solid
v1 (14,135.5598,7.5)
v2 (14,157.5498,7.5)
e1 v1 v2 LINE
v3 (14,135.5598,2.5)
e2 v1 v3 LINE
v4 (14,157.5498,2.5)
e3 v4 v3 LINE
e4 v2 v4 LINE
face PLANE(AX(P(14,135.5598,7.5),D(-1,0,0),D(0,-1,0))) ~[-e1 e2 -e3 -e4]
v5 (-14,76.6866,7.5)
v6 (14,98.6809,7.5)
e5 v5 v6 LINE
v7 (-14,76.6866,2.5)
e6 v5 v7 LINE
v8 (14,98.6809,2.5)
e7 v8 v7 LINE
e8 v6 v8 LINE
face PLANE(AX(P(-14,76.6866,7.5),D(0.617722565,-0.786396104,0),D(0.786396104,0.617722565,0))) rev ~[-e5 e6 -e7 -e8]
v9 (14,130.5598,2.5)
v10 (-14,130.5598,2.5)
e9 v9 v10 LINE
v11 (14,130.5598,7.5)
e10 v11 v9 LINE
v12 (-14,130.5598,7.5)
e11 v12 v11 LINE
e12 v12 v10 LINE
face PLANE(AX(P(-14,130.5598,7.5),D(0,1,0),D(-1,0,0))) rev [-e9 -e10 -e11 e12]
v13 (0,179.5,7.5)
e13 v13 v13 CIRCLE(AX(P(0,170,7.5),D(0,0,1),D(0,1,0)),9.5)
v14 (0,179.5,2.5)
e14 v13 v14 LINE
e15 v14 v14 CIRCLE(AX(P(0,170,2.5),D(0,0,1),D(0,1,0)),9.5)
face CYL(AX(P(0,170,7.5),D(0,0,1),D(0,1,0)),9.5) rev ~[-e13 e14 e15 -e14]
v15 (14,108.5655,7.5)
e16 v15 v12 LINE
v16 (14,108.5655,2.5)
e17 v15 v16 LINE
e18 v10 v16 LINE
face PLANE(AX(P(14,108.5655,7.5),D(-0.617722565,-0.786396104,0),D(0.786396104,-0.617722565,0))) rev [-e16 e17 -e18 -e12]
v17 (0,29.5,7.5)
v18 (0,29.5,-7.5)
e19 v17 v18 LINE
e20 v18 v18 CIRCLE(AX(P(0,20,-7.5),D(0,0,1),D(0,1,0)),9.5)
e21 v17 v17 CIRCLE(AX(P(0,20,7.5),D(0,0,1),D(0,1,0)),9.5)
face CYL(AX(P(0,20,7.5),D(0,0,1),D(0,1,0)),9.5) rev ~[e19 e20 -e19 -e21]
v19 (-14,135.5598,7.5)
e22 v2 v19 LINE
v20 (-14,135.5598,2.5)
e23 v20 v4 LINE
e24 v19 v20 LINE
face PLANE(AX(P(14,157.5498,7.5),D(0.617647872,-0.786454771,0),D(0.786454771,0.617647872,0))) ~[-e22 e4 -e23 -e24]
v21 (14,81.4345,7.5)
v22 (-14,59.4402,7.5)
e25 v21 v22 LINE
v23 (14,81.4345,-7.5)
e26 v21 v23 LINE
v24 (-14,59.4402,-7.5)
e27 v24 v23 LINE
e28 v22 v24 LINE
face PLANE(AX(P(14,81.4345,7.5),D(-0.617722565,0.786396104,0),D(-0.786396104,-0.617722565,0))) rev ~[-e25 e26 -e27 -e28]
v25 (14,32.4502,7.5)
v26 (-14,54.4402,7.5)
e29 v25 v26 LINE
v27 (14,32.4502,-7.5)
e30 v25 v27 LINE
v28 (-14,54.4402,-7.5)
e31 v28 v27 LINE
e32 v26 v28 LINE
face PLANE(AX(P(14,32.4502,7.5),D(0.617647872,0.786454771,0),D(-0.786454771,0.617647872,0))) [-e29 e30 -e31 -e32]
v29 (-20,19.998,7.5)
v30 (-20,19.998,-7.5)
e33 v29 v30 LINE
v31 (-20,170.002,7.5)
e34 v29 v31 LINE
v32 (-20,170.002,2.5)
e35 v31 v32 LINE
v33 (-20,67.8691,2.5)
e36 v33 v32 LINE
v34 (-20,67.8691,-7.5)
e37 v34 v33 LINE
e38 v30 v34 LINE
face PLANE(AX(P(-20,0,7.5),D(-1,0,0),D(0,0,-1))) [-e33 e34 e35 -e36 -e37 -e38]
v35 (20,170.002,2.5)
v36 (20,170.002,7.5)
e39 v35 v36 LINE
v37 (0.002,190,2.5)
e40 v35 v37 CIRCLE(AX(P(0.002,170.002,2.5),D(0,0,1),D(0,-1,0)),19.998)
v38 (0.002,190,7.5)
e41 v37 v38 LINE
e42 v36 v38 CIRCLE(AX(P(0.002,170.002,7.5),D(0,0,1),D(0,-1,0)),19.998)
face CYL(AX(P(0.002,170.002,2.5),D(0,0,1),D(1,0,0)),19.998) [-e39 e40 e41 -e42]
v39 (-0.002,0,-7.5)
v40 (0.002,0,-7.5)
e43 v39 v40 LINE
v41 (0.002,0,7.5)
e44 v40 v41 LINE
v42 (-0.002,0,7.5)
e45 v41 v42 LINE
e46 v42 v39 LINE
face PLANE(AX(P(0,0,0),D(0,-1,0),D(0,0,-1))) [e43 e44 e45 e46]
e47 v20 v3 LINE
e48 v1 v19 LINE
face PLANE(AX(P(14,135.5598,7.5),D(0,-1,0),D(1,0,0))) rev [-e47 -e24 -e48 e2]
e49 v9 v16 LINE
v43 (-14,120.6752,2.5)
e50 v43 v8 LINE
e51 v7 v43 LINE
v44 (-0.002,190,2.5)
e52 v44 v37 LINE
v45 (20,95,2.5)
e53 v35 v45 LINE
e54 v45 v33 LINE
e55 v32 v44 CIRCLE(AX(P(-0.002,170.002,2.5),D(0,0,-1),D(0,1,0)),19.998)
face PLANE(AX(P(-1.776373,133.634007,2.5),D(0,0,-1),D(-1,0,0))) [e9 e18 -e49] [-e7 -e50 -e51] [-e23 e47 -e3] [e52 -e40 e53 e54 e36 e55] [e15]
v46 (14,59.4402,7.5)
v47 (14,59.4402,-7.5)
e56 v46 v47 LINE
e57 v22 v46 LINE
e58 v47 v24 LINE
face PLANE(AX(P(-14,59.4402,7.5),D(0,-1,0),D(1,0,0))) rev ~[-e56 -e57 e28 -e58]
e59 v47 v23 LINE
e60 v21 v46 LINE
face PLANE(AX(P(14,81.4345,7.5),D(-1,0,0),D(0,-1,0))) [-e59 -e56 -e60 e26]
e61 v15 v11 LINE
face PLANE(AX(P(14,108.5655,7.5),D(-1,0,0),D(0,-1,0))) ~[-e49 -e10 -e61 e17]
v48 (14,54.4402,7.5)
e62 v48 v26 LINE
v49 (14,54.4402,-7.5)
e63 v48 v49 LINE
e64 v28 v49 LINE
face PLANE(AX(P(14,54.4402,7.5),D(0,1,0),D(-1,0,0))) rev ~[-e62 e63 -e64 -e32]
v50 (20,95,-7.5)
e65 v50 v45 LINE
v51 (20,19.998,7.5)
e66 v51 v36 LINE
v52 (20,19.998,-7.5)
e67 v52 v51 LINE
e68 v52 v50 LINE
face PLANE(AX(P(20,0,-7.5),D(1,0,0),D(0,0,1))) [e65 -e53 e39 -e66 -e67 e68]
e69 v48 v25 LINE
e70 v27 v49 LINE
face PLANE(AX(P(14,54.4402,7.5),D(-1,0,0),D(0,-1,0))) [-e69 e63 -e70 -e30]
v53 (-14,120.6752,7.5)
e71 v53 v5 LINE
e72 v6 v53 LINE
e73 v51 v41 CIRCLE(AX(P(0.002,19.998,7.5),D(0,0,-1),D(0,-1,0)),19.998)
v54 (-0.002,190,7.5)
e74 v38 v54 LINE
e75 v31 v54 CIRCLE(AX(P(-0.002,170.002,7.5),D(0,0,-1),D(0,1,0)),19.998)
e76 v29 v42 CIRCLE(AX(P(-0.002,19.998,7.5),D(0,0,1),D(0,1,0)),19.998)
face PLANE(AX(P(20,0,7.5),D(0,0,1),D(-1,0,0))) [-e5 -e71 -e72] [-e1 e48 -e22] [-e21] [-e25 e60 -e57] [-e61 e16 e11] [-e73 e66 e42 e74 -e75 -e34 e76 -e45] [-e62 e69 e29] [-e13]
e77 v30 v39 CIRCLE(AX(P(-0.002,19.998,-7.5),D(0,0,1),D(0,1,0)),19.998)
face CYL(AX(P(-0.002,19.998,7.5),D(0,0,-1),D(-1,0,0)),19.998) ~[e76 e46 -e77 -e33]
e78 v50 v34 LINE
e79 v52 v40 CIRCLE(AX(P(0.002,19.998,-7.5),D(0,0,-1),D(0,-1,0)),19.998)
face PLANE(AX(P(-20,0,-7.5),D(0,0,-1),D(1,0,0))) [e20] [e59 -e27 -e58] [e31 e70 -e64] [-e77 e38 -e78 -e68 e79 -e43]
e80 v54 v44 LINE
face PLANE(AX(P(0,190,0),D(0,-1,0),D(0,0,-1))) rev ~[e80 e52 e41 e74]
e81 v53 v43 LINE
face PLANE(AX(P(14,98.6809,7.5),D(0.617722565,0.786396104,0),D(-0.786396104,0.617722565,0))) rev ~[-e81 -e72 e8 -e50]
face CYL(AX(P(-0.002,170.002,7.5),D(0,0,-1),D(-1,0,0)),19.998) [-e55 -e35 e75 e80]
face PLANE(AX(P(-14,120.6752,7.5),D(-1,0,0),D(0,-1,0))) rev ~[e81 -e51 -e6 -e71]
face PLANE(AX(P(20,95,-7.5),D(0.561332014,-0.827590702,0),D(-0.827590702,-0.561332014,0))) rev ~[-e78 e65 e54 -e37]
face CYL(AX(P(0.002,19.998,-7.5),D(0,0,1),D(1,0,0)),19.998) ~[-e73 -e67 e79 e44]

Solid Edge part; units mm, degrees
sketch "Sketch1" plane through (0, 0, 0) normal (0, -1, 0) x (1, 0, 0)
  line L0 (20, 7.5) -> (-20, 7.5)
  line L1 (-20, 7.5) -> (-20, -7.5)
  line L2 (-20, -7.5) -> (20, -7.5)
  line L3 (20, -7.5) -> (20, 7.5)
extrude "Protrusion1" add sketch "Sketch1" against normal blind 190
sketch "Sketch2" plane through (0, 75, -7.5) normal (0, 0, -1) x (0, 1, 0)
  line L0 (20, 20) -> (-7.1309, -20)
  line L1 (-7.1309, -20) -> (115, -20)
  line L2 (115, -20) -> (115, 20)
  line L3 (115, 20) -> (20, 20)
extrude "VaciadoExtruido_1" cut sketch "Sketch2" against normal blind 10
fillet "Redondeo_1" radius 20 4 edges at (20, 190, 5) (-20, 190, 5) (20, 0, 0) (-20, 0, 0)
sketch "Sketch3" plane through (0, 75, 7.5) normal (0, 0, 1) x (0, 1, 0)
  circle A0 centre (-55, 0) radius 9.5
extrude "VaciadoExtruido_2" cut sketch "Sketch3" against normal blind 37.5377
sketch "Sketch4" plane through (0, 75, 7.5) normal (0, 0, 1) x (0, 1, 0)
  circle A0 centre (95, 0) radius 9.5
extrude "VaciadoExtruido_3" cut sketch "Sketch4" against normal blind 32.4692
sketch "Sketch5" plane through (0, 95, 7.5) normal (0, 0, 1) x (0, -1, 0)
  line L0 (13.5655, 14) -> (35.5598, 14)
  line L1 (35.5598, -14) -> (35.5598, 14)
  line L2 (13.5655, 14) -> (35.5598, -14)
  line L3 (40.5598, 14) -> (40.5598, -14)
  line L4 (62.5498, 14) -> (40.5598, -14)
  line L5 (40.5598, 14) -> (62.5498, 14)
extrude "Cutout1" cut sketch "Sketch5" against normal blind 38.4793
mirror "Mirror1" about plane through (0, 95, 7.5) normal (0, -1, 0) of "Cutout1"
sketch "Sketch6" plane through (0, 95, 7.5) normal (0, 0, 1) x (0, 1, 0)
  line L0 (3.6809, -14) -> (25.6752, 14)
  line L1 (25.6752, 14) -> (-18.3134, 14)
  line L2 (-18.3134, 14) -> (3.6809, -14)
extrude "VaciadoExtruido_9" cut sketch "Sketch6" against normal blind 77.1311
